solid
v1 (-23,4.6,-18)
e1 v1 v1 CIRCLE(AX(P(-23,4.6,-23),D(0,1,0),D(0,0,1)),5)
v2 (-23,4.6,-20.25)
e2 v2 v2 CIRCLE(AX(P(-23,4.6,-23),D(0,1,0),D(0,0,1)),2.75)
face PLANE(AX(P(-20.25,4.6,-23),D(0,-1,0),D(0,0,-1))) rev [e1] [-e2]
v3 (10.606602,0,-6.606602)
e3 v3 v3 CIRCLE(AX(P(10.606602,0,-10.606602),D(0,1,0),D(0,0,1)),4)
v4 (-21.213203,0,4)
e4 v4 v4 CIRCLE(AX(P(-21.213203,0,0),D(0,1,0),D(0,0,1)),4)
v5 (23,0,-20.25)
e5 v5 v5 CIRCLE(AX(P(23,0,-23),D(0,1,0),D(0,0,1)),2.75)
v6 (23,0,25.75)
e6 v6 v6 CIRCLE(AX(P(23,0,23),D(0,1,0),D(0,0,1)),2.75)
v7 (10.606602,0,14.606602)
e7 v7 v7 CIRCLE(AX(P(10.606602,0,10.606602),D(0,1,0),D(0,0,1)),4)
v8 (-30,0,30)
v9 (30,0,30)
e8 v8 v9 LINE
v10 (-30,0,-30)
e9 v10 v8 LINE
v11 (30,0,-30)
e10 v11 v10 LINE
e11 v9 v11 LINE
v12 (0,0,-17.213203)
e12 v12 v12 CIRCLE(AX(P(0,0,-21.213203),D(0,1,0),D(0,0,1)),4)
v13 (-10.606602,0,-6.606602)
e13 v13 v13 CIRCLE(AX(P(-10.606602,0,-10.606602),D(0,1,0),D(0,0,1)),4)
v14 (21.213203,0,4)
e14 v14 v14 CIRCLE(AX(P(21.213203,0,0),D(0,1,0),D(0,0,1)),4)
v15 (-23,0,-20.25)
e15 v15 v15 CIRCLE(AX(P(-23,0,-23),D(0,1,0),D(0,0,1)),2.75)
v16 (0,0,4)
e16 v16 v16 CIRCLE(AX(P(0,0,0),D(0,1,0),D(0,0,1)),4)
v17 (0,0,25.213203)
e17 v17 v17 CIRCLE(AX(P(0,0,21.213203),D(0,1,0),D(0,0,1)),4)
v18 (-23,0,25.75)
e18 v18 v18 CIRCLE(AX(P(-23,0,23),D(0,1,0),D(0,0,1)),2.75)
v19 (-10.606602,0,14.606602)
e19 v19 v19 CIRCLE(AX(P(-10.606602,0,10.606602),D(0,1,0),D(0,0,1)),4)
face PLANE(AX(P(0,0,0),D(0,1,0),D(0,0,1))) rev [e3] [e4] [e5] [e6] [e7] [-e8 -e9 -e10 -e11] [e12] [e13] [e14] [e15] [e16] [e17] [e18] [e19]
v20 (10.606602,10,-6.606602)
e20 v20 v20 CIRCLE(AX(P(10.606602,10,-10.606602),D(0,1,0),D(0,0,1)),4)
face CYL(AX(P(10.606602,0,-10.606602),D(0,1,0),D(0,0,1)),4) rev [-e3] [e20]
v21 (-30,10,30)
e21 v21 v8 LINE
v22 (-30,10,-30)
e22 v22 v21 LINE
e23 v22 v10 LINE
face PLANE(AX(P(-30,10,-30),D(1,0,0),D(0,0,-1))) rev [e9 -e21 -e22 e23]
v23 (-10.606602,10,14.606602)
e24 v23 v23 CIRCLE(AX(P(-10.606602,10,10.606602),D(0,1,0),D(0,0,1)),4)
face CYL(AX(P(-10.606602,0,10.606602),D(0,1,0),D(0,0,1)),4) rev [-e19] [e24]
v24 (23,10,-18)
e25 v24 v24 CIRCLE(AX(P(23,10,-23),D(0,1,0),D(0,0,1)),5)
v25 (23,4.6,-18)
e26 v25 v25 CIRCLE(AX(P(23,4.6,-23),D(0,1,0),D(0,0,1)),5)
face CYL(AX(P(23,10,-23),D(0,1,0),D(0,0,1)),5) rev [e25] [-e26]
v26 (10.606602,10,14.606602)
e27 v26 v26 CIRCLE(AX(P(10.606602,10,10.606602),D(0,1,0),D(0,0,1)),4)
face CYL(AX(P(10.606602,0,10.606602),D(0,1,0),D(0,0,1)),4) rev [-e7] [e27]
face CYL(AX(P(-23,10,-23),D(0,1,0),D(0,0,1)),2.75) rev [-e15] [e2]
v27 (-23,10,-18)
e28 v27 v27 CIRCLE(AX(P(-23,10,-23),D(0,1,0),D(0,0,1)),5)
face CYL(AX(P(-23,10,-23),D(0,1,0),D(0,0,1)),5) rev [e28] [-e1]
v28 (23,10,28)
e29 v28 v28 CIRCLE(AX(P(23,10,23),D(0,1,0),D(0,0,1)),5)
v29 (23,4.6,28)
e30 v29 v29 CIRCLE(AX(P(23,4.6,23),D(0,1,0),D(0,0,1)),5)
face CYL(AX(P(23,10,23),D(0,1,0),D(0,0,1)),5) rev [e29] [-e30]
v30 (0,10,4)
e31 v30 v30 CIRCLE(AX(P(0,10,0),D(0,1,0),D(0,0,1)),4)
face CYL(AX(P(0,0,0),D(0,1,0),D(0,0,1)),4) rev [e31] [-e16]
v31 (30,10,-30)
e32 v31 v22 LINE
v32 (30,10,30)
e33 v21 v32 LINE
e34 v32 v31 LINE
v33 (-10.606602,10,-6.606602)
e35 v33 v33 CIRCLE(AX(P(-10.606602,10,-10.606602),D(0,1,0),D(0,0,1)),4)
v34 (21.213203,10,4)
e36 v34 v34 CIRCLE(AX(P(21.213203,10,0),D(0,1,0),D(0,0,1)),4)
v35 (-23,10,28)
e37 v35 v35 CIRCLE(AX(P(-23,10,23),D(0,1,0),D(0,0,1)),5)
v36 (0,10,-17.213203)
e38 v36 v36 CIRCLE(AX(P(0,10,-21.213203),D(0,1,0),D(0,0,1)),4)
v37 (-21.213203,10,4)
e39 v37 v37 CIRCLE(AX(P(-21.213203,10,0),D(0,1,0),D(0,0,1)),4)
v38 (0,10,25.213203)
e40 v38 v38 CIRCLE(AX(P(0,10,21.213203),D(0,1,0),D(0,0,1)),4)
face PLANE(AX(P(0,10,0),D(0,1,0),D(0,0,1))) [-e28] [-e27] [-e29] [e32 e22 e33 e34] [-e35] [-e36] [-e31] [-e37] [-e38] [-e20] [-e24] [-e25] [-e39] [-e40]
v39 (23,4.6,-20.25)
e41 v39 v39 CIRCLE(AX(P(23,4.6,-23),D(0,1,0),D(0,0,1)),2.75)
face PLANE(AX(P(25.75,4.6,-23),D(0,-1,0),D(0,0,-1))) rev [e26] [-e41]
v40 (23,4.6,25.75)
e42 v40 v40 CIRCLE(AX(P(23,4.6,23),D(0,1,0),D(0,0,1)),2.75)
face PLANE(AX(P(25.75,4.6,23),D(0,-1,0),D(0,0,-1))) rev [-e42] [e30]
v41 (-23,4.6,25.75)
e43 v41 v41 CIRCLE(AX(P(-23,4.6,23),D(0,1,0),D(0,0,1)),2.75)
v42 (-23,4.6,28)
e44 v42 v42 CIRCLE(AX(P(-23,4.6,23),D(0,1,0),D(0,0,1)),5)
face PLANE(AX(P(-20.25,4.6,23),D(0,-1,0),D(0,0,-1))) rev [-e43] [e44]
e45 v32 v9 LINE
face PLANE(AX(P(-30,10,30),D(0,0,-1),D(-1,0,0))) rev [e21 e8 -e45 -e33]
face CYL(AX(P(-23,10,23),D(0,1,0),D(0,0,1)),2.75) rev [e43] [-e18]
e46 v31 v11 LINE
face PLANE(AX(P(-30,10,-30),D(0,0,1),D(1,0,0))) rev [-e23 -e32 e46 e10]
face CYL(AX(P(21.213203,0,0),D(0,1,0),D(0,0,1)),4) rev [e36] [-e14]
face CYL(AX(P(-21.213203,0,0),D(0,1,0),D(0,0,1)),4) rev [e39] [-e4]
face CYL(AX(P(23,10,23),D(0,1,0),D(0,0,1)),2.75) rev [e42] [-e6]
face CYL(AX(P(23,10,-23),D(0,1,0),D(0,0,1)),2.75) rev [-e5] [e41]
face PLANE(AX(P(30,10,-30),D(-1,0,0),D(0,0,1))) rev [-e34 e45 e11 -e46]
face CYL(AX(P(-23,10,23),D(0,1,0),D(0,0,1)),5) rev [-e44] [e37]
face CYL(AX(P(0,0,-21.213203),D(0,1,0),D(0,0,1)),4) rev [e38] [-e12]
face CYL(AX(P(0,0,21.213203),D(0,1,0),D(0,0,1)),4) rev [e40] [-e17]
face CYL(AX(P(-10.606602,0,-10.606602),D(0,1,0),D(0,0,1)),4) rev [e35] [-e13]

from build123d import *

# Parameters (mm, degrees)
CROQUIS1_W                                           = 60
CROQUIS1_H                                           = 60
SALIENTE_EXTRUIR1_DEPTH                              = 10
CROQUIS3_R                                           = 4
CORTAR_EXTRUIR2_DEPTH                                = 11
MATRIZL1_COUNT                                       = 3
MATRIZL1_PITCH                                       = 15
MATRIZL1_COUNT_DIR2                                  = 3
MATRIZL1_PITCH_DIR2                                  = 15
REFRENTADO_PARA_TORNILLO_CON_CABEZA_HUEC_D           = 5.5
REFRENTADO_PARA_TORNILLO_CON_CABEZA_HUEC_CBORE_D     = 10
REFRENTADO_PARA_TORNILLO_CON_CABEZA_HUEC_CBORE_DEPTH = 5.4


with BuildPart() as part:
    # Croquis1 → Saliente-Extruir1 (new body)
    with BuildSketch(Plane(origin=(0, 0, 0), x_dir=(1, 0, 0), z_dir=(0, 1, 0))):
        Rectangle(CROQUIS1_W, CROQUIS1_H)
    extrude(amount=SALIENTE_EXTRUIR1_DEPTH)

    # Croquis3 → Cortar-Extruir2 (cut, through all)
    with BuildSketch(Plane(origin=(0, 10, 0), x_dir=(1, 0, 0), z_dir=(0, 1, 0))):
        with Locations((0, -21.213203436)):
            Circle(CROQUIS3_R)
    cortar_extruir2 = extrude(amount=-CORTAR_EXTRUIR2_DEPTH, mode=Mode.SUBTRACT)

    # MatrizL1: Cortar-Extruir2 3 × 3
    with Locations(*[Vector(0.707106781, 0, -0.707106781) * (i * MATRIZL1_PITCH) + Vector(-0.707106781, 0, -0.707106781) * (j * MATRIZL1_PITCH_DIR2) for i in range(MATRIZL1_COUNT) for j in range(MATRIZL1_COUNT_DIR2) if (i, j) != (0, 0)]):
        add(cortar_extruir2, mode=Mode.SUBTRACT)

    # Refrentado para tornillo con cabeza hueca de M51 (through all)
    with Locations(Plane(origin=(-23, 10, -23), x_dir=(0, 0, 1), z_dir=(0, 1, 0))):
        with Locations((0, 0), (0, 46), (46, 46), (46, 0)):
            CounterBoreHole(REFRENTADO_PARA_TORNILLO_CON_CABEZA_HUEC_D / 2, REFRENTADO_PARA_TORNILLO_CON_CABEZA_HUEC_CBORE_D / 2, REFRENTADO_PARA_TORNILLO_CON_CABEZA_HUEC_CBORE_DEPTH)


solid = part.part
